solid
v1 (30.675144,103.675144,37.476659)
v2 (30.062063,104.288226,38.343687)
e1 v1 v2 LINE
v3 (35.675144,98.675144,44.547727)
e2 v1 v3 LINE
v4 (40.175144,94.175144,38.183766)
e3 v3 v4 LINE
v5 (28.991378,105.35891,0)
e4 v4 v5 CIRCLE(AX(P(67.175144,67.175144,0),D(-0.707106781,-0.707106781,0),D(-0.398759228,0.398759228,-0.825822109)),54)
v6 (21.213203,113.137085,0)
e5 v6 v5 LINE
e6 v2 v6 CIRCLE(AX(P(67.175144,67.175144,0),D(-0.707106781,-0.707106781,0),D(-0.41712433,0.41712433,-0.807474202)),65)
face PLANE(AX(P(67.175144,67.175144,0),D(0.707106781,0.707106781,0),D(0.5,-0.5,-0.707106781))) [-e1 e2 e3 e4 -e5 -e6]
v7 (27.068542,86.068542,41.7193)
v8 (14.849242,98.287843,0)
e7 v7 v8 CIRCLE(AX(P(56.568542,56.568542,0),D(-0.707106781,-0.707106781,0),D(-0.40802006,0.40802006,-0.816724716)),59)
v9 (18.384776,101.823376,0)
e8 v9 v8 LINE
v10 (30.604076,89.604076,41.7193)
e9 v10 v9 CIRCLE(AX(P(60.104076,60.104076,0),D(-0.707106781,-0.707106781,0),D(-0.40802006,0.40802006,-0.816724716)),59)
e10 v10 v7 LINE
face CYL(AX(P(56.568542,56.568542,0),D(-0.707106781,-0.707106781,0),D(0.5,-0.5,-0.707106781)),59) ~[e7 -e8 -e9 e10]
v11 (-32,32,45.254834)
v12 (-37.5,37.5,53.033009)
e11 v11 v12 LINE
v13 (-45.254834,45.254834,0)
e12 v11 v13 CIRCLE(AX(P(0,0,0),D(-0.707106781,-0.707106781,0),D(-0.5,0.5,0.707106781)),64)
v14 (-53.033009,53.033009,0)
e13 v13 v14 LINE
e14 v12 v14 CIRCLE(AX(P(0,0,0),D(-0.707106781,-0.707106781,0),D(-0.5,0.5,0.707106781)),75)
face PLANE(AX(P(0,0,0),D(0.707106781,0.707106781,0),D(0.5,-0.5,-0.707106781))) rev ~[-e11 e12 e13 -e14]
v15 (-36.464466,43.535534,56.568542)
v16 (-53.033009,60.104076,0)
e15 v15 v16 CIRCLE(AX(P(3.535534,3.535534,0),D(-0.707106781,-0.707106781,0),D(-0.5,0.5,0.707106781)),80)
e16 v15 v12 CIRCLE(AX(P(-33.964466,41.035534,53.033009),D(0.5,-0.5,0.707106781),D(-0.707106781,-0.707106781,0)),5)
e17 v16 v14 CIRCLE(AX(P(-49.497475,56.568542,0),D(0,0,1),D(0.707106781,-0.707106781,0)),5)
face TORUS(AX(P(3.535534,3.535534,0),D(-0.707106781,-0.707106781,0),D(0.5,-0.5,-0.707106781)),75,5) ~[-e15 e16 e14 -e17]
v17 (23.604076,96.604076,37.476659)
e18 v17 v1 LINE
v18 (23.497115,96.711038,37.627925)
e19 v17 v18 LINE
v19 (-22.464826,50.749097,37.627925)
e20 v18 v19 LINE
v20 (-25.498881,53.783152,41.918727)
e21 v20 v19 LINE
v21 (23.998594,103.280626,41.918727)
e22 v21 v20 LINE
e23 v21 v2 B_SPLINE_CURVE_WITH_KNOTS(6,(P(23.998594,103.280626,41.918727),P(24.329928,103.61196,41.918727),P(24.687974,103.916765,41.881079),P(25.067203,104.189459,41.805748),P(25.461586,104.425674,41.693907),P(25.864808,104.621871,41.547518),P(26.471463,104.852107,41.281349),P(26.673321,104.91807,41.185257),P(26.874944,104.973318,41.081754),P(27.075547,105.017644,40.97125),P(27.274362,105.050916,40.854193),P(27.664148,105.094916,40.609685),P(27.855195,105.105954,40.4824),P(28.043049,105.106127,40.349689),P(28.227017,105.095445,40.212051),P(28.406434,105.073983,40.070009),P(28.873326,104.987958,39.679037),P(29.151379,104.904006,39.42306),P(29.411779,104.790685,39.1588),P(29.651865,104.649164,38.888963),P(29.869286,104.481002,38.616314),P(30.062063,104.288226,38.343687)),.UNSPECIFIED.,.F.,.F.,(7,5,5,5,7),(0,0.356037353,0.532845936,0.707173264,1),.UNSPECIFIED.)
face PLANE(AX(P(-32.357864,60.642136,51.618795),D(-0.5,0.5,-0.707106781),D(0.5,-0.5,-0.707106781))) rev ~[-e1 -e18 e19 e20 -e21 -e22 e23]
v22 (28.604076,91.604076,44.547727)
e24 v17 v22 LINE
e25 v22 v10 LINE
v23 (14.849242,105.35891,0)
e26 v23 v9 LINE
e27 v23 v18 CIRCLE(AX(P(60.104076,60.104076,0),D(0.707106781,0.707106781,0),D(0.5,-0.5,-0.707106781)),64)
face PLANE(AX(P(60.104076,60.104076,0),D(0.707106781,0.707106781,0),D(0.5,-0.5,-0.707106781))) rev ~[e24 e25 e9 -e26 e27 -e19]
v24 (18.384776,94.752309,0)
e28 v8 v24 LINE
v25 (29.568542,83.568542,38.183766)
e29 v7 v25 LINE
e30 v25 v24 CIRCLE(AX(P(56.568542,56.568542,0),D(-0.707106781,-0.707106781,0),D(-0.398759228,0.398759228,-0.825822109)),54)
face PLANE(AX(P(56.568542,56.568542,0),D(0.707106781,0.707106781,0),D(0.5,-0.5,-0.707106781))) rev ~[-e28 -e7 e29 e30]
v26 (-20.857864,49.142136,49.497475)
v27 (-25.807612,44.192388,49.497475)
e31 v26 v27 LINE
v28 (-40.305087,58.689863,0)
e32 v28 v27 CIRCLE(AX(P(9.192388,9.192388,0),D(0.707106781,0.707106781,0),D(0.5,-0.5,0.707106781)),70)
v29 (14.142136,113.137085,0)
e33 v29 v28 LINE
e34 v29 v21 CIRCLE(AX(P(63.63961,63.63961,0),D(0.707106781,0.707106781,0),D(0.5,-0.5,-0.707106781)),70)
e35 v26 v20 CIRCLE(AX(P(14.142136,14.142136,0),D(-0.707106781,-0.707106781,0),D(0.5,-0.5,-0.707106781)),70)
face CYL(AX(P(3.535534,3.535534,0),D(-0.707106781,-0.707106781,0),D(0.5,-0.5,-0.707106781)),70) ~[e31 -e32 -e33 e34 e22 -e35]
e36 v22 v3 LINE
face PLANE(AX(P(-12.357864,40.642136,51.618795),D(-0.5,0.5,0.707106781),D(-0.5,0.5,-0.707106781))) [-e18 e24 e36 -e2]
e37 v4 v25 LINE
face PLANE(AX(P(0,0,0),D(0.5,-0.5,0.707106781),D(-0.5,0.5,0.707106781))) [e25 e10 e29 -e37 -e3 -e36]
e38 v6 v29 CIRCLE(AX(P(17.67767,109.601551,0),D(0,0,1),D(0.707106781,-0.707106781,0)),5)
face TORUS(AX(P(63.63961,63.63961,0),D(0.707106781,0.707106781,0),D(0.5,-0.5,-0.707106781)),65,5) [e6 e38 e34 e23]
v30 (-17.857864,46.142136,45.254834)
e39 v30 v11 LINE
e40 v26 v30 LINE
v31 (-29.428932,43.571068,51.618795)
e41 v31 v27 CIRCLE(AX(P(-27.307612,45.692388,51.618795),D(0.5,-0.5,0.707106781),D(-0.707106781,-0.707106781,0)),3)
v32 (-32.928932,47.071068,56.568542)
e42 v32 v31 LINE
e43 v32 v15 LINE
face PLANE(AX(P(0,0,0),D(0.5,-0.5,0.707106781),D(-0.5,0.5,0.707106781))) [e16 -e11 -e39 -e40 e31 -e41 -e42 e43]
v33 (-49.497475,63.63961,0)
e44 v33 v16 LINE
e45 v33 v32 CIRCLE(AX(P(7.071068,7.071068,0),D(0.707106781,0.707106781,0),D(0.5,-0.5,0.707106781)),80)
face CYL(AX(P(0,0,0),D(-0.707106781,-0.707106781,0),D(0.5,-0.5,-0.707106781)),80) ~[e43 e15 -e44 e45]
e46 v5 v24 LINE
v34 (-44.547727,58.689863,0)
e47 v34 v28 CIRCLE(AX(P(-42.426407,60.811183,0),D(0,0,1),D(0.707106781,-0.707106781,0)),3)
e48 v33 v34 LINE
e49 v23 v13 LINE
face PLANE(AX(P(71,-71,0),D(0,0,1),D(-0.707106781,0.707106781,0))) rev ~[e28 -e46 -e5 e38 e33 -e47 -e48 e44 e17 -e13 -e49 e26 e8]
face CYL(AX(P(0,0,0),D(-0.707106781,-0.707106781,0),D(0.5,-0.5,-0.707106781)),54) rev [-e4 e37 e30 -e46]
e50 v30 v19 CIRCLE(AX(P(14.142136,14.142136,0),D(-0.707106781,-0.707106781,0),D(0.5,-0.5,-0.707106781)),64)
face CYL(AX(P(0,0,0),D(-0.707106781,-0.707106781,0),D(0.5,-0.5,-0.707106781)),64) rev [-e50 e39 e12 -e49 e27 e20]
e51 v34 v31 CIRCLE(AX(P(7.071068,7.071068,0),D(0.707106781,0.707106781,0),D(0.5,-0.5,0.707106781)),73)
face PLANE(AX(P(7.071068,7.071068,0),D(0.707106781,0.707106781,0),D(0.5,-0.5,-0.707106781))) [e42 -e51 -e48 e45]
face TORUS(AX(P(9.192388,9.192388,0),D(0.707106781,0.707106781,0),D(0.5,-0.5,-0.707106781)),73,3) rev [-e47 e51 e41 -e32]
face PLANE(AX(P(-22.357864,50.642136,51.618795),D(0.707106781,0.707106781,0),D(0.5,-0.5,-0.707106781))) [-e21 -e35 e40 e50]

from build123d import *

# Parameters (mm, degrees)
BOX007_W               = 100
BOX007_H               = 100
BOX007_DEPTH           = 100
BOX007_PLACEMENT_ANGLE = -45
BOX006_W               = 100
BOX006_H               = 200
BOX006_DEPTH           = 100
BOX006_PLACEMENT_ANGLE = 45
BOX005_W               = 100
BOX005_H               = 100
BOX005_DEPTH           = 100
BOX004_W               = 20
BOX004_H               = 20
BOX004_DEPTH           = 80
BOX003_W               = 20
BOX003_H               = 20
BOX003_DEPTH           = 80
BOX002_W               = 10
BOX002_H               = 25
BOX002_DEPTH           = 35
BOX002_PITCH_ANGLE     = -15
BOX001_W               = 10
BOX001_H               = 25
BOX001_DEPTH           = 35
BOX001_PITCH_ANGLE     = 15
BOX_W                  = 20
BOX_H                  = 25
BOX_DEPTH              = 35
CYLINDER005_R          = 10
CYLINDER005_DEPTH      = 180
CYLINDER005_ROLL_ANGLE = 90
CYLINDER004_R          = 54
CYLINDER004_DEPTH      = 100
CYLINDER003_R          = 59
CYLINDER003_DEPTH      = 10
CYLINDER002_R          = 64
CYLINDER002_DEPTH      = 85
CYLINDER001_R          = 70
CYLINDER001_DEPTH      = 90
CYLINDER_R             = 80
CYLINDER_DEPTH         = 10
FILLET_R               = 3
FILLET001_R            = 5
FILLET002_R            = 5
CUT009_ROLL_ANGLE      = -90
CUT009_PITCH_ANGLE     = 45
CUT009_PLACEMENT_ANGLE = -45


with BuildPart() as cube004:
    # Box007 → Box007 (new body)
    with BuildSketch(Plane.XY):
        with Locations((50, 50)):
            Rectangle(BOX007_W, BOX007_H)
    extrude(amount=BOX007_DEPTH)


with BuildPart() as cube004_1:
    # Box007 placement: moved
    add(cube004.part.rotate(Axis((0, 0, 0), (0, 0, 1)), BOX007_PLACEMENT_ANGLE))


with BuildPart() as cube003:
    # Box006 → Box006 (new body)
    with BuildSketch(Plane.XY):
        with Locations((50, 100)):
            Rectangle(BOX006_W, BOX006_H)
    extrude(amount=BOX006_DEPTH)


with BuildPart() as cube003_1:
    # Box006 placement: moved
    add(cube003.part.moved(Location((71, -71, 0))).rotate(Axis((71, -71, 0), (0, 0, 1)), BOX006_PLACEMENT_ANGLE))


with BuildPart() as cube002:
    # Box005 → Box005 (new body)
    with BuildSketch(Plane(origin=(0, 0, 0), x_dir=(-1, 0, 0), z_dir=(0, 0, 1))):
        with Locations((50, 50)):
            Rectangle(BOX005_W, BOX005_H)
    extrude(amount=BOX005_DEPTH)


with BuildPart() as tab_cut_l:
    # Box004 → Box004 (new body)
    with BuildSketch(Plane(origin=(-83, -10, 20), x_dir=(1, 0, 0), z_dir=(0, 0, 1))):
        with Locations((10, 10)):
            Rectangle(BOX004_W, BOX004_H)
    extrude(amount=BOX004_DEPTH)


with BuildPart() as tab_cut_r:
    # Box003 → Box003 (new body)
    with BuildSketch(Plane(origin=(63, -10, 20), x_dir=(1, 0, 0), z_dir=(0, 0, 1))):
        with Locations((10, 10)):
            Rectangle(BOX003_W, BOX003_H)
    extrude(amount=BOX003_DEPTH)


with BuildPart() as cube001:
    # Box002 → Box002 (new body)
    with BuildSketch(Plane.XY):
        with Locations((5, 12.5)):
            Rectangle(BOX002_W, BOX002_H)
    extrude(amount=BOX002_DEPTH)


with BuildPart() as cube001_1:
    # Box002 pitch: moved
    add(cube001.part.rotate(Axis((0, 0, 0), (0, 1, 0)), BOX002_PITCH_ANGLE))


with BuildPart() as cube001_2:
    # Box002 placement: moved
    add(cube001_1.part.moved(Location((-9.95, 48, 64))))


with BuildPart() as cube:
    # Box001 → Box001 (new body)
    with BuildSketch(Plane.XY):
        with Locations((5, 12.5)):
            Rectangle(BOX001_W, BOX001_H)
    extrude(amount=BOX001_DEPTH)


with BuildPart() as cube_1:
    # Box001 pitch: moved
    add(cube.part.rotate(Axis((0, 0, 0), (0, 1, 0)), BOX001_PITCH_ANGLE))


with BuildPart() as cube_2:
    # Box001 placement: moved
    add(cube_1.part.moved(Location((0, 48, 65))))


with BuildPart() as bearing_slot:
    # Box → Box (new body)
    with BuildSketch(Plane(origin=(-10, 48, 65), x_dir=(1, 0, 0), z_dir=(0, 0, 1))):
        with Locations((10, 12.5)):
            Rectangle(BOX_W, BOX_H)
    extrude(amount=BOX_DEPTH)


with BuildPart() as bearing_holes:
    # Cylinder005 → Cylinder005 (new body)
    with BuildSketch(Plane.XY):
        Circle(CYLINDER005_R)
    extrude(amount=CYLINDER005_DEPTH)


with BuildPart() as bearing_holes_1:
    # Cylinder005 roll: moved
    add(bearing_holes.part.rotate(Axis((0, 0, 0), (1, 0, 0)), CYLINDER005_ROLL_ANGLE))


with BuildPart() as bearing_holes_2:
    # Cylinder005 placement: moved
    add(bearing_holes_1.part.moved(Location((0, 90, 65))))


with BuildPart() as through_hole:
    # Cylinder004 → Cylinder004 (new body)
    with BuildSketch(Plane.XY):
        Circle(CYLINDER004_R)
    extrude(amount=CYLINDER004_DEPTH)


with BuildPart() as inner_lip:
    # Cylinder003 → Cylinder003 (new body)
    with BuildSketch(Plane.XY.offset(80)):
        Circle(CYLINDER003_R)
    extrude(amount=CYLINDER003_DEPTH)


with BuildPart() as inner_hole:
    # Cylinder002 → Cylinder002 (new body)
    with BuildSketch(Plane.XY):
        Circle(CYLINDER002_R)
    extrude(amount=CYLINDER002_DEPTH)


with BuildPart() as body_cylinder:
    # Cylinder001 → Cylinder001 (new body)
    with BuildSketch(Plane.XY.offset(5)):
        Circle(CYLINDER001_R)
    extrude(amount=CYLINDER001_DEPTH)


with BuildPart() as cut010:
    # Cylinder → Cylinder (new body)
    with BuildSketch(Plane.XY):
        Circle(CYLINDER_R)
    extrude(amount=CYLINDER_DEPTH)

    # Fusion: union Body_Cylinder
    add(body_cylinder.part)

    # Cut: cut Inner_Hole
    add(inner_hole.part, mode=Mode.SUBTRACT)

    # Fusion001: union Inner_Lip
    add(inner_lip.part)

    # Cut001: cut Through_Hole
    add(through_hole.part, mode=Mode.SUBTRACT)

    # Fillet
    fillet_edges = [cut010.edges().sort_by_distance(p)[0] for p in [
        (-70, 0, 10),
    ]]
    fillet(fillet_edges, radius=FILLET_R)

    # Fillet001
    fillet001_edges = [cut010.edges().sort_by_distance(p)[0] for p in [
        (-80, 0, 0),
    ]]
    fillet(fillet001_edges, radius=FILLET001_R)

    # Fillet002
    fillet002_edges = [cut010.edges().sort_by_distance(p)[0] for p in [
        (-70, 0, 95),
    ]]
    fillet(fillet002_edges, radius=FILLET002_R)

    # Cut002: cut Bearing_Holes
    add(bearing_holes_2.part, mode=Mode.SUBTRACT)

    # Cut003: cut Bearing_Slot
    add(bearing_slot.part, mode=Mode.SUBTRACT)

    # Cut004: cut Cube
    add(cube_2.part, mode=Mode.SUBTRACT)

    # Cut005: cut Cube001
    add(cube001_2.part, mode=Mode.SUBTRACT)

    # Cut006: cut Tab_Cut_R
    add(tab_cut_r.part, mode=Mode.SUBTRACT)

    # Cut007: cut Tab_Cut_L
    add(tab_cut_l.part, mode=Mode.SUBTRACT)

    # Cut008: cut Cube002
    add(cube002.part, mode=Mode.SUBTRACT)

    # Cut009: cut Cube003
    add(cube003_1.part, mode=Mode.SUBTRACT)


with BuildPart() as cut010_1:
    # Cut009 roll: moved
    add(cut010.part.rotate(Axis((0, 0, 0), (1, 0, 0)), CUT009_ROLL_ANGLE))


with BuildPart() as cut010_2:
    # Cut009 pitch: moved
    add(cut010_1.part.rotate(Axis((0, 0, 0), (0, 1, 0)), CUT009_PITCH_ANGLE))


with BuildPart() as cut010_3:
    # Cut009 placement: moved
    add(cut010_2.part.rotate(Axis((0, 0, 0), (0, 0, 1)), CUT009_PLACEMENT_ANGLE))

    # Cut010: cut Cube004
    add(cube004_1.part, mode=Mode.SUBTRACT)


solid = cut010_3.part
